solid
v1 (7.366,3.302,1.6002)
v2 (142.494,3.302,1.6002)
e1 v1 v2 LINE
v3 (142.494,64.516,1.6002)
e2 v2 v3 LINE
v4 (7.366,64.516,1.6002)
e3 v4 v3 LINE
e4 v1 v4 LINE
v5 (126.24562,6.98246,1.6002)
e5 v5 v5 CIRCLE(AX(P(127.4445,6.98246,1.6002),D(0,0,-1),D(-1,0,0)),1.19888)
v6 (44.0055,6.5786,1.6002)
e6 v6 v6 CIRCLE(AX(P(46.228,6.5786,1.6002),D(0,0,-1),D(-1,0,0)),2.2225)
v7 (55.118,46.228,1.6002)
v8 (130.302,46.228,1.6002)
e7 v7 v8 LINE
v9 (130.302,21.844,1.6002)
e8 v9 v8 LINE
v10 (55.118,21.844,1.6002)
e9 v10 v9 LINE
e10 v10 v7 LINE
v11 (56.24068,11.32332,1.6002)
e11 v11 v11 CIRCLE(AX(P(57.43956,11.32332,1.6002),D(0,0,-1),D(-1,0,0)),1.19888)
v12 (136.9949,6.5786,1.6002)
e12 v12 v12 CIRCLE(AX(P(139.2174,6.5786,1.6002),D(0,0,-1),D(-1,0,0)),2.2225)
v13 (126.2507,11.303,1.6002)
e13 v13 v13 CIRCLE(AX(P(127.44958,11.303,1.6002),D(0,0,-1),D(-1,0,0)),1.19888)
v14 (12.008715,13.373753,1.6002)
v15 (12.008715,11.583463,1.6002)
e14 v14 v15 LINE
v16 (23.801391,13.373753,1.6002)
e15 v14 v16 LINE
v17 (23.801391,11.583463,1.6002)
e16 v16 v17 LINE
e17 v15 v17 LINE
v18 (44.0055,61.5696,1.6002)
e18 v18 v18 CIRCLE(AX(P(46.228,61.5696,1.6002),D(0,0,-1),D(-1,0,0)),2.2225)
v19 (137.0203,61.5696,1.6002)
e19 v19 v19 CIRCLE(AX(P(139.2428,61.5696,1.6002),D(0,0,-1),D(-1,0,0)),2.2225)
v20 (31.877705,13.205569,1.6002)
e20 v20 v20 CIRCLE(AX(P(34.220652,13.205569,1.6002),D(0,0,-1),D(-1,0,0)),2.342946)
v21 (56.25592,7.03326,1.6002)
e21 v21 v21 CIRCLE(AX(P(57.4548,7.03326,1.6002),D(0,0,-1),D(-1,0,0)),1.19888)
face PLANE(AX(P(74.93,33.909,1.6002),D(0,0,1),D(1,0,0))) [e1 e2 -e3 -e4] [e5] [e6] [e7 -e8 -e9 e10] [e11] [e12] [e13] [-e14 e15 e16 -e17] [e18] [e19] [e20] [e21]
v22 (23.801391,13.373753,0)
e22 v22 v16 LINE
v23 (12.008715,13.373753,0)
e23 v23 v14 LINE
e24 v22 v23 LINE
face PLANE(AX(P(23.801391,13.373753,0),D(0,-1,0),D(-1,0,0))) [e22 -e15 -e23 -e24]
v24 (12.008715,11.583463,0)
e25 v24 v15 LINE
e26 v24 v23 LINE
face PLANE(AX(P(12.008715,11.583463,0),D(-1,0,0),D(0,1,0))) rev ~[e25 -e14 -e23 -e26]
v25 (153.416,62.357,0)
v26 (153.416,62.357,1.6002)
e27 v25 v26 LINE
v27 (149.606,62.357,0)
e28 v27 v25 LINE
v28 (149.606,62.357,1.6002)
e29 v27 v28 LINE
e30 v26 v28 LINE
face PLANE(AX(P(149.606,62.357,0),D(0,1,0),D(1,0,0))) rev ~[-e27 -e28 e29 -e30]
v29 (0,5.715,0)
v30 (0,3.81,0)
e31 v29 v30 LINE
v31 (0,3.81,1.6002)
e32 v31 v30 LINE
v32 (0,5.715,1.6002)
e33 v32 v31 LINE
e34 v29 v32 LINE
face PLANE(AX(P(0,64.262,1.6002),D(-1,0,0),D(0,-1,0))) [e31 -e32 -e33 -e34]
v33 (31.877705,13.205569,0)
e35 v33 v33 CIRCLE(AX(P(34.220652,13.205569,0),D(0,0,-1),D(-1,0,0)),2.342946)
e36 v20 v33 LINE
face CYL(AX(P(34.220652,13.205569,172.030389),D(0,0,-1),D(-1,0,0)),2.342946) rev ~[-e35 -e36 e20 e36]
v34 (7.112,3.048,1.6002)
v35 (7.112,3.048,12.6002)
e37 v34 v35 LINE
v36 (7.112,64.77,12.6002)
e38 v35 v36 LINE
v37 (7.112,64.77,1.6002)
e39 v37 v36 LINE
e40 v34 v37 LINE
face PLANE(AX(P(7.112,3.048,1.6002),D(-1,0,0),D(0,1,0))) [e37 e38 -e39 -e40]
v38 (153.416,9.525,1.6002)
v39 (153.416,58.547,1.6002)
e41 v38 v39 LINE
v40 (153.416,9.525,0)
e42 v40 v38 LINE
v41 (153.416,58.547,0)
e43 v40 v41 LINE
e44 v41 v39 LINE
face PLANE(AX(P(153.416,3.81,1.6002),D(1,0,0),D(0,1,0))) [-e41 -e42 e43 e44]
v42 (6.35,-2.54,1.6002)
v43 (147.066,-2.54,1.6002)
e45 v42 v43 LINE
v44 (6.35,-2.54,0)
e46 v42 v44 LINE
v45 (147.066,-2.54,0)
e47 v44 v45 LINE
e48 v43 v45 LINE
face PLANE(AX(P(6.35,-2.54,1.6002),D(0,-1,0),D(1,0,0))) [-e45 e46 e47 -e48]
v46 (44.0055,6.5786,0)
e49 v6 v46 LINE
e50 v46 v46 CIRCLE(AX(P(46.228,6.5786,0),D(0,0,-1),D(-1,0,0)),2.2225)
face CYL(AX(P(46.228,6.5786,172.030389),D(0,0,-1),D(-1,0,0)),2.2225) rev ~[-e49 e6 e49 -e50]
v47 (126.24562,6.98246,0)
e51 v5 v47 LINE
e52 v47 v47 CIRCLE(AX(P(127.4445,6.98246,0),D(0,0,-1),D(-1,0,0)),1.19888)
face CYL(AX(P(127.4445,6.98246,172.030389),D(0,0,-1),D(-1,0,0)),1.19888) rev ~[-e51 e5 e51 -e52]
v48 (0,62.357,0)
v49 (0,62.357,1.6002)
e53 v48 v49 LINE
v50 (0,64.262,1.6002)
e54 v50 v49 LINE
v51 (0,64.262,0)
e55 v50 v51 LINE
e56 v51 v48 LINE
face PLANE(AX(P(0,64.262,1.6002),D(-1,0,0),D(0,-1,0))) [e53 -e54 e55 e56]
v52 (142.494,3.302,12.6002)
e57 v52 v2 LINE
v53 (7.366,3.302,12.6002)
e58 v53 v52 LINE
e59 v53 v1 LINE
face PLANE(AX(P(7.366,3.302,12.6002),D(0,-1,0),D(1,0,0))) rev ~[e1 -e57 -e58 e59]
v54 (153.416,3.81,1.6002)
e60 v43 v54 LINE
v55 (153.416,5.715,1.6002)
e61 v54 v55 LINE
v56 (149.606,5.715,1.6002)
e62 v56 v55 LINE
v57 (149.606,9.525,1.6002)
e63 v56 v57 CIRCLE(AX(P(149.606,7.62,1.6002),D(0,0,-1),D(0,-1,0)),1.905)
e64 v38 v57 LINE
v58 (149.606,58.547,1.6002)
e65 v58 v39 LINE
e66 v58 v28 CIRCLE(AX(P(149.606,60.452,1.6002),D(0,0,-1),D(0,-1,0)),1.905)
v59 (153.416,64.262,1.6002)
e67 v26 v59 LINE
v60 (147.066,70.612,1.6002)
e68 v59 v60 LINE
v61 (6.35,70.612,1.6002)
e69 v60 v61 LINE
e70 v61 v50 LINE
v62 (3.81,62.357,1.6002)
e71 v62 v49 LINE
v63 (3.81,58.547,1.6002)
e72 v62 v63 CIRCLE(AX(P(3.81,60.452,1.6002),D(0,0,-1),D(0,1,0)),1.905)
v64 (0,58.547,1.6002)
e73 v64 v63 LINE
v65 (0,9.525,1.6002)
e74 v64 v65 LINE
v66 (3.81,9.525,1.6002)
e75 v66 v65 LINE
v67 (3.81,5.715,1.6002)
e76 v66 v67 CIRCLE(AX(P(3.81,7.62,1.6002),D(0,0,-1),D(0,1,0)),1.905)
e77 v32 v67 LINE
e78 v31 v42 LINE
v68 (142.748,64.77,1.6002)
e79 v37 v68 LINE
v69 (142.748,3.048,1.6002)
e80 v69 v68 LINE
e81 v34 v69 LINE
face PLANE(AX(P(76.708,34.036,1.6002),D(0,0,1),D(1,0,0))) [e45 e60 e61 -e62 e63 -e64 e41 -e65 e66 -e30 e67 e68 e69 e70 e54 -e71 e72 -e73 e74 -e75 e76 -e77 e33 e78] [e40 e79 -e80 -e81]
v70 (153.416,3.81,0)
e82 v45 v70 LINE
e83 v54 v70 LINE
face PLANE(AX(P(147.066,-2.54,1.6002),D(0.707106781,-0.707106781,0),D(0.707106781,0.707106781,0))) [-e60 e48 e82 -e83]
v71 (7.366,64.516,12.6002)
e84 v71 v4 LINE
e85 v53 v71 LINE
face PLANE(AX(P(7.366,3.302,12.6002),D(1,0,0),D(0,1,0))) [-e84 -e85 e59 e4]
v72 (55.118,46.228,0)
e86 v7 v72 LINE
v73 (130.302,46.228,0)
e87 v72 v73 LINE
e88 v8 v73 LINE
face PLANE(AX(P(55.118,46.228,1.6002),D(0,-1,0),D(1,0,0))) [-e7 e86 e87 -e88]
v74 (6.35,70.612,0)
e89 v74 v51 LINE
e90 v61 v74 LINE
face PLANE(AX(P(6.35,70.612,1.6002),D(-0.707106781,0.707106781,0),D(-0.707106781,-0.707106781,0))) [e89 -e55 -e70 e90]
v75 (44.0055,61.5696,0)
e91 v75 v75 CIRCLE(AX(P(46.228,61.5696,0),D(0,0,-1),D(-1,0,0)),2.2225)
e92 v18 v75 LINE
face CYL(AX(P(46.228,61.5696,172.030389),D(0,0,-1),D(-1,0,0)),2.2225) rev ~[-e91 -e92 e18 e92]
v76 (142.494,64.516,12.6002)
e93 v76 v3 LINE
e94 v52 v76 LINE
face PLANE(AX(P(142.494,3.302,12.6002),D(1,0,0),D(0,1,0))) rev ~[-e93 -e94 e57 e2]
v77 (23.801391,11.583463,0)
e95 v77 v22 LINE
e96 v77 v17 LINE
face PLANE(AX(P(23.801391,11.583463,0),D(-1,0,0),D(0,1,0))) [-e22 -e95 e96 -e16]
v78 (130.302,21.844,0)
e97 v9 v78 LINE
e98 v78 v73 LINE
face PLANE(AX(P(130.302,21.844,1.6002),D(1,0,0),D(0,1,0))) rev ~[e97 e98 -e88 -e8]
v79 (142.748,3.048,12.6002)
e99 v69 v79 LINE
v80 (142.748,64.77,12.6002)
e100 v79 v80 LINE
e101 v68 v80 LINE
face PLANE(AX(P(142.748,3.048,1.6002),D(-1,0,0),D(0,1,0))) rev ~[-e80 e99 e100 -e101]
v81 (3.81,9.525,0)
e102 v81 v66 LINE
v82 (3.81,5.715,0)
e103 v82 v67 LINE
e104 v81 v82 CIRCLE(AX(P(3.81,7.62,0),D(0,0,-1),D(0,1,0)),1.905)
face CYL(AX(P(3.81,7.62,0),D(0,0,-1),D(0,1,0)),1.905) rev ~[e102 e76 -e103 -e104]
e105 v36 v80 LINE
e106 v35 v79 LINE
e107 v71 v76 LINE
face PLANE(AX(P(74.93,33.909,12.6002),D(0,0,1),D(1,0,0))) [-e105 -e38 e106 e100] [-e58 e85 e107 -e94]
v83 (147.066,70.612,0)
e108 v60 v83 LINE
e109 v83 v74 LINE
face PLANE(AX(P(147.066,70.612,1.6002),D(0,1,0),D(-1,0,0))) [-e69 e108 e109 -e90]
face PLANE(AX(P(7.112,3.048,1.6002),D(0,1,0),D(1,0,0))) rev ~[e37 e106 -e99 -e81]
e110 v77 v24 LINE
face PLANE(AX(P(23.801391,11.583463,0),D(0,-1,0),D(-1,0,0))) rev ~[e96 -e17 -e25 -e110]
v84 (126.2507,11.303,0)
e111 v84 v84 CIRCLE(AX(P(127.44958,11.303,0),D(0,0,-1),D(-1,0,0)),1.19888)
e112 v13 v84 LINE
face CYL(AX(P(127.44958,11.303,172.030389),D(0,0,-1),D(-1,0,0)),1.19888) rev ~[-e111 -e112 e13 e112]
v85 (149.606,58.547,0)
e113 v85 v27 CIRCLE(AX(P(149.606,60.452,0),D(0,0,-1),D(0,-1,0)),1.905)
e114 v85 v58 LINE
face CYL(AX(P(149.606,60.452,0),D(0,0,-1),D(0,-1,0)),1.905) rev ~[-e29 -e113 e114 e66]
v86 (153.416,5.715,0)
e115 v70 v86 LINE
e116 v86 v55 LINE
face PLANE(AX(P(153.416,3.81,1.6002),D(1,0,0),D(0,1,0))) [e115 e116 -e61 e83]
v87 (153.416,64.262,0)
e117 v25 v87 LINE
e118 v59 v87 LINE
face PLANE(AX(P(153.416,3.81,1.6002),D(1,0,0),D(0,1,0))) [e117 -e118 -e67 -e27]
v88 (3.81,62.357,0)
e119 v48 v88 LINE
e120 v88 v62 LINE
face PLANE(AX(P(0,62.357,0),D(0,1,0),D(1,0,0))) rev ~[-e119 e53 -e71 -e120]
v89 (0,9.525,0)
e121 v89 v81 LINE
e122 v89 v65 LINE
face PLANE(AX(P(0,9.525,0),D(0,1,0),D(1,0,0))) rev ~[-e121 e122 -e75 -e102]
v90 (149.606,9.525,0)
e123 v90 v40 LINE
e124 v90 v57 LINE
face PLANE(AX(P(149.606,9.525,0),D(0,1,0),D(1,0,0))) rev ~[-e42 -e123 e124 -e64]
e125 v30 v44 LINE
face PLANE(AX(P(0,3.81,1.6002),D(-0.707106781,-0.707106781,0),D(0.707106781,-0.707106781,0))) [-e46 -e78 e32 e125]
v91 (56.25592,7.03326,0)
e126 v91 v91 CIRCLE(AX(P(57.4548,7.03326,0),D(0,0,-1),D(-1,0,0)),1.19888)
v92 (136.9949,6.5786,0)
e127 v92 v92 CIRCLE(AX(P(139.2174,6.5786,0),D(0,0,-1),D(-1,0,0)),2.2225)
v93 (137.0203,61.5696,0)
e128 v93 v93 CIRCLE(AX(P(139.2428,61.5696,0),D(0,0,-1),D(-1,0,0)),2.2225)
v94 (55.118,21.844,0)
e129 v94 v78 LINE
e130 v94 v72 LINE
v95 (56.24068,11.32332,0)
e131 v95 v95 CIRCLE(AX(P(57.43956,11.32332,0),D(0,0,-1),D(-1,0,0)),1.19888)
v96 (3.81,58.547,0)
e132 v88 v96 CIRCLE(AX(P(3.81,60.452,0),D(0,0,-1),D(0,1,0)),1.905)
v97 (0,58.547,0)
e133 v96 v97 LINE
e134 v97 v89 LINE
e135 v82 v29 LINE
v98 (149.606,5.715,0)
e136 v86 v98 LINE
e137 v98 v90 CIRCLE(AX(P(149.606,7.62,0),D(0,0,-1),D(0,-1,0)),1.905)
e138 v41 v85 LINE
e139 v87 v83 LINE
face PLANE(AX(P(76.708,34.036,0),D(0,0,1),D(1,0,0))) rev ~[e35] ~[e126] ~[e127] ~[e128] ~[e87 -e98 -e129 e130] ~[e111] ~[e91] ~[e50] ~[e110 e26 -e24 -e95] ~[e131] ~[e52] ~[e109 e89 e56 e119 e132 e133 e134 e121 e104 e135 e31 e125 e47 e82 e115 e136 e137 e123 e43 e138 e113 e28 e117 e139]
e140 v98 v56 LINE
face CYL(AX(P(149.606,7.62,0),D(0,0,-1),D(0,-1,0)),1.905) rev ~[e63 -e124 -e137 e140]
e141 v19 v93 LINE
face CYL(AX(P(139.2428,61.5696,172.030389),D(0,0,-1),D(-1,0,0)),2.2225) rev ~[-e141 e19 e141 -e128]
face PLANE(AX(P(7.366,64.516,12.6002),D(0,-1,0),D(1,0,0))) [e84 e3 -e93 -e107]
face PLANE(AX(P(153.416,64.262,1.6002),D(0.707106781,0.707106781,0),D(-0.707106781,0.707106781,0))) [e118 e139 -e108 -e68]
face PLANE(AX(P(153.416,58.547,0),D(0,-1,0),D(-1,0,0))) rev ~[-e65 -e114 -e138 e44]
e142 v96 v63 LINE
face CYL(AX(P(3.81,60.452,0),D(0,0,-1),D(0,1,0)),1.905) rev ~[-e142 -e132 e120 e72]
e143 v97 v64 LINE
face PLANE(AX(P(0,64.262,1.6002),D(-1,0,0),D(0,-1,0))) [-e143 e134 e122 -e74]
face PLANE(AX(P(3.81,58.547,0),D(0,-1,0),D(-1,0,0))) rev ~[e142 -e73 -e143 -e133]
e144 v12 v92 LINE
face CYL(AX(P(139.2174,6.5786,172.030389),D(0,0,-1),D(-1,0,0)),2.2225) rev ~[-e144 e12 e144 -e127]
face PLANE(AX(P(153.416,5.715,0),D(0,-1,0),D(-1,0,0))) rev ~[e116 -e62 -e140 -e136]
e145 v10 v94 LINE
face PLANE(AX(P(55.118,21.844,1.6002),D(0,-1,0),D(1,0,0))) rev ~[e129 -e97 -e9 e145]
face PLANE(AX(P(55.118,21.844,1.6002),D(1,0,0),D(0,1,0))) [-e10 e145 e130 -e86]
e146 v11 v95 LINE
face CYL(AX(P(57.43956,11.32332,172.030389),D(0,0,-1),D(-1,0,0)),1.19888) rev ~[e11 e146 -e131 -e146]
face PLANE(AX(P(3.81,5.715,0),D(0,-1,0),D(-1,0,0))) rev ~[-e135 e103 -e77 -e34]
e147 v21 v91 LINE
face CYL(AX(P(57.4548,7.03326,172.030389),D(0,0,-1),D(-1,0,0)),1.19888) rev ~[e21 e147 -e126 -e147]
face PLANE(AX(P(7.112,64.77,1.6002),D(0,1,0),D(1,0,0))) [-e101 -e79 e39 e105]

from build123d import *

# Parameters (mm, degrees)
BOSS_EXTRUDE1_DEPTH  = 1.6002
CUT_EXTRUDE1_DEPTH   = 169.893706928
CUT_EXTRUDE2_DEPTH   = 169.893706928
CUT_EXTRUDE3_DEPTH   = 169.893706928
CUT_EXTRUDE4_DEPTH   = 169.893706928
SKETCH6_W            = 135.636
SKETCH6_H            = 61.722
BOSS_EXTRUDE2_DEPTH  = 11
SKETCH7_W            = 135.128
SKETCH7_H            = 61.214
CUT_EXTRUDE5_DEPTH   = 11
SKETCH8_W            = 75.184
SKETCH8_H            = 24.384
CUT_EXTRUDE6_DEPTH   = 170.243976555
SKETCH9_W            = 11.792676588
SKETCH9_H            = 1.790289347
CUT_EXTRUDE7_DEPTH   = 170.355509624
M2_CLEARANCE_HOLE1_D = 2.39776
M4_CLEARANCE_HOLE1_D = 4.445
M4_CLEARANCE_HOLE2_D = 4.68589235


with BuildPart() as part:
    # Sketch1 → Boss-Extrude1 (new body)
    with BuildSketch(Plane.XY.offset(1.6002)):
        Polygon((6.35, 70.612), (0, 64.262), (0, 3.81), (6.35, -2.54), (147.066, -2.54), (153.416, 3.81), (153.416, 64.262), (147.066, 70.612), align=None)
    extrude(amount=-BOSS_EXTRUDE1_DEPTH)

    # Sketch2 → Cut-Extrude1 (cut, through all)
    with BuildSketch(Plane(origin=(0, 0, 0), x_dir=(-1, 0, 0), z_dir=(0, 0, -1))):
        with BuildLine():
            Line((-153.416, 9.525), (-153.416, 5.715))
            Line((-153.416, 5.715), (-149.606, 5.715))
            ThreePointArc((-149.606, 5.715), (-147.701, 7.62), (-149.606, 9.525))
            Line((-149.606, 9.525), (-153.416, 9.525))
        make_face()
    extrude(amount=-CUT_EXTRUDE1_DEPTH, mode=Mode.SUBTRACT)

    # Sketch3 → Cut-Extrude2 (cut, through all)
    with BuildSketch(Plane(origin=(0, 0, 0), x_dir=(-1, 0, 0), z_dir=(0, 0, -1))):
        with BuildLine():
            Line((-153.416, 62.357), (-153.416, 58.547))
            Line((-153.416, 58.547), (-149.606, 58.547))
            ThreePointArc((-149.606, 58.547), (-147.701, 60.452), (-149.606, 62.357))
            Line((-149.606, 62.357), (-153.416, 62.357))
        make_face()
    extrude(amount=-CUT_EXTRUDE2_DEPTH, mode=Mode.SUBTRACT)

    # Sketch4 → Cut-Extrude3 (cut, through all)
    with BuildSketch(Plane(origin=(0, 0, 0), x_dir=(-1, 0, 0), z_dir=(0, 0, -1))):
        with BuildLine():
            Line((0, 58.547), (0, 62.357))
            Line((0, 62.357), (-3.81, 62.357))
            ThreePointArc((-3.81, 62.357), (-5.715, 60.452), (-3.81, 58.547))
            Line((-3.81, 58.547), (0, 58.547))
        make_face()
    extrude(amount=-CUT_EXTRUDE3_DEPTH, mode=Mode.SUBTRACT)

    # Sketch5 → Cut-Extrude4 (cut, through all)
    with BuildSketch(Plane(origin=(0, 0, 0), x_dir=(-1, 0, 0), z_dir=(0, 0, -1))):
        with BuildLine():
            Line((0, 5.715), (0, 9.525))
            Line((0, 9.525), (-3.81, 9.525))
            ThreePointArc((-3.81, 9.525), (-5.715, 7.62), (-3.81, 5.715))
            Line((-3.81, 5.715), (0, 5.715))
        make_face()
    extrude(amount=-CUT_EXTRUDE4_DEPTH, mode=Mode.SUBTRACT)

    # Sketch6 → Boss-Extrude2 (add)
    with BuildSketch(Plane.XY.offset(1.6002)):
        with Locations((74.93, 33.909)):
            Rectangle(SKETCH6_W, SKETCH6_H)
    extrude(amount=BOSS_EXTRUDE2_DEPTH)

    # Sketch7 → Cut-Extrude5 (cut)
    with BuildSketch(Plane.XY.offset(12.6002)):
        with Locations((74.93, 33.909)):
            Rectangle(SKETCH7_W, SKETCH7_H)
    extrude(amount=-CUT_EXTRUDE5_DEPTH, mode=Mode.SUBTRACT)

    # Sketch8 → Cut-Extrude6 (cut, through all)
    with BuildSketch(Plane.XY.offset(1.6002)):
        with Locations((92.71, 34.036)):
            Rectangle(SKETCH8_W, SKETCH8_H)
    extrude(amount=-CUT_EXTRUDE6_DEPTH, mode=Mode.SUBTRACT)

    # Sketch9 → Cut-Extrude7 (cut, through all)
    with BuildSketch(Plane(origin=(0, 0, 0), x_dir=(-1, 0, 0), z_dir=(0, 0, -1))):
        with Locations((-17.905053156, 12.47860787)):
            Rectangle(SKETCH9_W, SKETCH9_H)
    extrude(amount=-CUT_EXTRUDE7_DEPTH, mode=Mode.SUBTRACT)

    # M2 Clearance Hole1 (through all)
    with Locations(Plane.XY.offset(1.6002)):
        with Locations((127.4445, 6.98246), (127.44958, 11.303), (57.4548, 7.03326), (57.43956, 11.32332)):
            Hole(M2_CLEARANCE_HOLE1_D / 2)

    # M4 Clearance Hole1 (through all)
    with Locations(Plane.XY.offset(1.6002)):
        with Locations((46.228, 61.5696), (46.228, 6.5786), (139.2174, 6.5786), (139.2428, 61.5696)):
            Hole(M4_CLEARANCE_HOLE1_D / 2)

    # M4 Clearance Hole2 (through all)
    with Locations(Plane.XY.offset(1.6002)):
        with Locations((34.22065157, 13.205568935)):
            Hole(M4_CLEARANCE_HOLE2_D / 2)


solid = part.part
